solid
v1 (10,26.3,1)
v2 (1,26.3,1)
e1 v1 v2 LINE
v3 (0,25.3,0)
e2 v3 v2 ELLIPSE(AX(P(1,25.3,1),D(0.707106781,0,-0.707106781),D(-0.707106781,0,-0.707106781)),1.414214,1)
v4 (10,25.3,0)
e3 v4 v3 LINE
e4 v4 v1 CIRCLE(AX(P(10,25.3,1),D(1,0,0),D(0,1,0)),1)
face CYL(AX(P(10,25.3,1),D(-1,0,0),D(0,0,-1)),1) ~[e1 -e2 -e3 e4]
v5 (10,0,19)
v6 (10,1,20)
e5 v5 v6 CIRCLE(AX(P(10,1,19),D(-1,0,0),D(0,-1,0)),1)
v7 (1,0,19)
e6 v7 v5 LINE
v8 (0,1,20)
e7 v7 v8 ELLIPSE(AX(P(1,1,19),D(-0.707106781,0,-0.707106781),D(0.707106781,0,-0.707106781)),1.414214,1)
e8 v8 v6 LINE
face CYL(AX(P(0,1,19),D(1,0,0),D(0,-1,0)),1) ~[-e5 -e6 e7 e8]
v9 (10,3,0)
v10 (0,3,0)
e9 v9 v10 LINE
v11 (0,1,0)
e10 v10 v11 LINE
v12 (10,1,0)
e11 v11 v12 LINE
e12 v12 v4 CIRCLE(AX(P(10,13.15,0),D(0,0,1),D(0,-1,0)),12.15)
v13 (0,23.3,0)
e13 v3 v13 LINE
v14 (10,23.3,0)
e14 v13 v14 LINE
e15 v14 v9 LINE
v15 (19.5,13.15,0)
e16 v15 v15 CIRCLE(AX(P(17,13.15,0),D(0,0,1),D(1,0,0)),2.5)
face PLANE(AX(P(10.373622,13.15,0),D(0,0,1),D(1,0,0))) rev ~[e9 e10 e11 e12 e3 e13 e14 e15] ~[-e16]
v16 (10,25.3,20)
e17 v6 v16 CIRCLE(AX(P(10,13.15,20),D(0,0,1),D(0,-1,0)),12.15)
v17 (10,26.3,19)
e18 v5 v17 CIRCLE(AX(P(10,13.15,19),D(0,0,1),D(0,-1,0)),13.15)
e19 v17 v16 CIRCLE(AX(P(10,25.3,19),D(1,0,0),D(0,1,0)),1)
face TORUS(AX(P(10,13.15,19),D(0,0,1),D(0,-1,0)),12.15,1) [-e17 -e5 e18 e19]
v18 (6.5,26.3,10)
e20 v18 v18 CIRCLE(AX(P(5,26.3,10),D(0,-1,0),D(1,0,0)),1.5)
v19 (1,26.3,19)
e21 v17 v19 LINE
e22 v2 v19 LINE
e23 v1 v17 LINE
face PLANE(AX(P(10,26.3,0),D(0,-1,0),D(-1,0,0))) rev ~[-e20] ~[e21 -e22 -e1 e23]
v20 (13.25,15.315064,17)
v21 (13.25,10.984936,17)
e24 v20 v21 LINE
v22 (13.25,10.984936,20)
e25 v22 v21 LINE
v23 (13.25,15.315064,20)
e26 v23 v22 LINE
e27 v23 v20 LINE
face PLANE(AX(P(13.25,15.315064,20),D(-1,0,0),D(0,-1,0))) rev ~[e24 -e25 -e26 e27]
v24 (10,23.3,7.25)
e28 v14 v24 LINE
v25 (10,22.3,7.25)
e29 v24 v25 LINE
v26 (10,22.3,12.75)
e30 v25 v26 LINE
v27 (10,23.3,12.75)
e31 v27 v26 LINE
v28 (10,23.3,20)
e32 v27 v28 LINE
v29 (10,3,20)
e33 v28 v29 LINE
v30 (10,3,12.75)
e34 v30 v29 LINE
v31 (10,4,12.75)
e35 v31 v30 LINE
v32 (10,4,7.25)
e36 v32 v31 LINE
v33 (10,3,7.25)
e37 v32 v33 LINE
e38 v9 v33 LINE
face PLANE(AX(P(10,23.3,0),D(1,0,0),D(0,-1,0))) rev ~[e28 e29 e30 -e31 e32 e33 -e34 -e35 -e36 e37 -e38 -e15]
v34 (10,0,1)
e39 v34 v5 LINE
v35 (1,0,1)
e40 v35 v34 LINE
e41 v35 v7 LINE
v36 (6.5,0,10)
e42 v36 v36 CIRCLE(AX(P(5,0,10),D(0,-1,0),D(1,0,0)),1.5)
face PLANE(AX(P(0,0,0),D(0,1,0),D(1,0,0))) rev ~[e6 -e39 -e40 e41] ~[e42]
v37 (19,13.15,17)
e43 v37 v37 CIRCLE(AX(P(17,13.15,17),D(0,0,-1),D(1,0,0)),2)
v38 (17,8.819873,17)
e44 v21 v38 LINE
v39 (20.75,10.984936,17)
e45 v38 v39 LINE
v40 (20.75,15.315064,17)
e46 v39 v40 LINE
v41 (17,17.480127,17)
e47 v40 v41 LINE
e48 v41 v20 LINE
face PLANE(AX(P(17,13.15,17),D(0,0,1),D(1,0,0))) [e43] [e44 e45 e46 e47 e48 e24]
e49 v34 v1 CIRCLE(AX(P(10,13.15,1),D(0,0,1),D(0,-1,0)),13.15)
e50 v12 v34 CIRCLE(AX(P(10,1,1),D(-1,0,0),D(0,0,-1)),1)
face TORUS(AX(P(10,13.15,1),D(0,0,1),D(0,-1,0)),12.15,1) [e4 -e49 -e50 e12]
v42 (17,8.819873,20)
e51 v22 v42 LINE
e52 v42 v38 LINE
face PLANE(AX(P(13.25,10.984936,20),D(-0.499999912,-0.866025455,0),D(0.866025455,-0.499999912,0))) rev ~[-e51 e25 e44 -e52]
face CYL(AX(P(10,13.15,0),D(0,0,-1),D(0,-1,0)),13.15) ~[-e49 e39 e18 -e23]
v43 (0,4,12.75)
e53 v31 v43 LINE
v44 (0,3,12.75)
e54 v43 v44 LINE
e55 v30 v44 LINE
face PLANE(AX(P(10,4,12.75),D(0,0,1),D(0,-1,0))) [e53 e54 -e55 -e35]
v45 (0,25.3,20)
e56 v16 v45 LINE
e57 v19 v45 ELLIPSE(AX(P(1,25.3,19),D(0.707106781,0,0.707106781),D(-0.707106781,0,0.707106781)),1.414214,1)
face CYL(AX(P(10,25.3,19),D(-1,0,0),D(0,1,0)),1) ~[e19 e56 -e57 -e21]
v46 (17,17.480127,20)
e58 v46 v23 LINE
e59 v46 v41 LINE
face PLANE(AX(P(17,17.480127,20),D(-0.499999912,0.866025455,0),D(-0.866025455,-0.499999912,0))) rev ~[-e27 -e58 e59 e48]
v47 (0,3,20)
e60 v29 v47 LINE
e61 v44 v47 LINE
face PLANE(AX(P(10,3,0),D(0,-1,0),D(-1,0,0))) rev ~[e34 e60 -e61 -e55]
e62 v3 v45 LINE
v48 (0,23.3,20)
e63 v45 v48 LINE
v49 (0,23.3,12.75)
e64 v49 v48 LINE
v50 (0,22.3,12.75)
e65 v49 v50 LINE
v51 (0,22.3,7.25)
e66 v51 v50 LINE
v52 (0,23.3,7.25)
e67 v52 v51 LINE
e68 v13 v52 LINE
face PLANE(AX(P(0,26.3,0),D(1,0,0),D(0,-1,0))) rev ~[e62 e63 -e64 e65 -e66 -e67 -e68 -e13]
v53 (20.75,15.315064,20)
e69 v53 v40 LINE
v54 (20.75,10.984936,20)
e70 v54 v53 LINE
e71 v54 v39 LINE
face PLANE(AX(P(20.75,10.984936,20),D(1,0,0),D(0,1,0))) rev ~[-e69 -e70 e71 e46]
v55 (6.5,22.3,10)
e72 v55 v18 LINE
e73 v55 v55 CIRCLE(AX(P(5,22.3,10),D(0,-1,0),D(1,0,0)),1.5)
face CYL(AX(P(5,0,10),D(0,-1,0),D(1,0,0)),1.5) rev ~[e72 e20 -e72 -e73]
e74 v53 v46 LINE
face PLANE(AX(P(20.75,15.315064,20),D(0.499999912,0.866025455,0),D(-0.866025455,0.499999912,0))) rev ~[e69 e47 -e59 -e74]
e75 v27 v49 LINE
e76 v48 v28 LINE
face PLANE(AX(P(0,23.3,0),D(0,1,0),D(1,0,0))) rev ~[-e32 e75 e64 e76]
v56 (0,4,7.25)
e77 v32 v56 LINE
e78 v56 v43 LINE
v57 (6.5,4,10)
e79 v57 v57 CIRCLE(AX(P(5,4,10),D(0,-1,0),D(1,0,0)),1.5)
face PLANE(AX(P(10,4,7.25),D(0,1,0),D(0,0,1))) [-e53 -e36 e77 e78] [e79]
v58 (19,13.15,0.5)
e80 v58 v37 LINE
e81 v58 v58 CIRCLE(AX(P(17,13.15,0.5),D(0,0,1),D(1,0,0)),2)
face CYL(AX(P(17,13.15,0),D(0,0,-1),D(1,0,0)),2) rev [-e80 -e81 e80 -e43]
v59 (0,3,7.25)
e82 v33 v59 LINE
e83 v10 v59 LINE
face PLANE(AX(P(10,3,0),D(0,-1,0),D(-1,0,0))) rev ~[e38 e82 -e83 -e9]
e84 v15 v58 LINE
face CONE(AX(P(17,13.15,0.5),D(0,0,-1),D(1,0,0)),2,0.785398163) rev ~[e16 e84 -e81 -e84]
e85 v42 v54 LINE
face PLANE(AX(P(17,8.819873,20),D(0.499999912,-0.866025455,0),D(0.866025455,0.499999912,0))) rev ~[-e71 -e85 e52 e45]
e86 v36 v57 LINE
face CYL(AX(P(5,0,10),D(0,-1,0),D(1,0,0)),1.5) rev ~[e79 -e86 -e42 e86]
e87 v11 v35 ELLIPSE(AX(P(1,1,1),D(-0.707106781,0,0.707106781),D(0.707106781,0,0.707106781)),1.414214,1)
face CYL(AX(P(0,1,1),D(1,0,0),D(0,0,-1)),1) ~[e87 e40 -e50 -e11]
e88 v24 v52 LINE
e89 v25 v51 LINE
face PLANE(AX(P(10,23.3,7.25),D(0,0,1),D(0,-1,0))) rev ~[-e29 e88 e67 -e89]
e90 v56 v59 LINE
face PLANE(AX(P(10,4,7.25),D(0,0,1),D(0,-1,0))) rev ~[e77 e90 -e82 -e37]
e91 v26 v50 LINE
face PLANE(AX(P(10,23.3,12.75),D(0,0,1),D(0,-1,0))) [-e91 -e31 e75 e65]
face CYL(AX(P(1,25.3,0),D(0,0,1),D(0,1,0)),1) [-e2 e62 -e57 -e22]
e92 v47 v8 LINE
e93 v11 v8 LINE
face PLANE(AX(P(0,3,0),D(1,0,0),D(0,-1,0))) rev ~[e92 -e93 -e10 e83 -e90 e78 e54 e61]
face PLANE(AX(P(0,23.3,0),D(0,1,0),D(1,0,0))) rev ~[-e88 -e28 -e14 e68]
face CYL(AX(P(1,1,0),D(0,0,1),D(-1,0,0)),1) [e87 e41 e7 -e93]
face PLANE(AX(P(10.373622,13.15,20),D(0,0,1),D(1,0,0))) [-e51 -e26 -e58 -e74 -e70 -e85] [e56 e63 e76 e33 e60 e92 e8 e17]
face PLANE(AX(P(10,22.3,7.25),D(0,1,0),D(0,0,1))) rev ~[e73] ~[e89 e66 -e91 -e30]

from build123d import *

# Parameters (mm, degrees)
F0_R     = 2
F1_DEPTH = 20
F2_W     = 1
F2_H     = 5.5
F3_DEPTH = 10
F4_R     = 1.5
F5_DEPTH = 26.301
F6_SIZE  = 0.5
F7_R     = 1
F9_DEPTH = 3


with BuildPart() as f1:
    # F0 (on Top) → F1 (new body)
    with BuildSketch(Plane.XY):
        with BuildLine():
            Line((0, 3), (0, 0))
            Line((0, 0), (10, 0))
            ThreePointArc((10, 0), (23.15, 13.15), (10, 26.3))
            Line((10, 26.3), (0, 26.3))
            Line((0, 26.3), (0, 23.3))
            Line((0, 23.3), (10, 23.3))
            Line((10, 23.3), (10, 3))
            Line((10, 3), (0, 3))
        make_face()
        with Locations((17, 13.15)):
            Circle(F0_R, mode=Mode.SUBTRACT)
    extrude(amount=F1_DEPTH)

    # F2 (on face) → F3 (join, through all)
    with BuildSketch(Plane(origin=(10, 0, 0), x_dir=(0, -1, 0), z_dir=(-1, 0, 0))):
        with Locations((-22.8, 10)):
            Rectangle(F2_W, F2_H)
        with Locations((-3.5, 10)):
            Rectangle(F2_W, F2_H)
    extrude(amount=F3_DEPTH)

    # F4 (on face) → F5 (cut, through all)
    with BuildSketch(Plane.XZ):
        with Locations((5, 10)):
            Circle(F4_R)
    extrude(amount=-F5_DEPTH, mode=Mode.SUBTRACT)

    # F6
    f6_edges = [f1.edges().sort_by_distance(p)[0] for p in [
        (15, 13.15, 0),
    ]]
    chamfer(f6_edges, length=F6_SIZE)

    # F7
    f7_edges = [f1.edges().sort_by_distance(p)[0] for p in [
        (23.15, 13.15, 20),
        (23.15, 13.15, 0),
        (0, 0, 10),
        (0, 26.3, 10),
    ]]
    fillet(f7_edges, radius=F7_R)

    # F8 (on face) → F9 (cut)
    with BuildSketch(Plane.XY.offset(20)):
        Polygon((20.75, 10.984936), (20.75, 15.315064), (17, 17.480127), (13.25, 15.315064), (13.25, 10.984936), (17, 8.819873), align=None)
    extrude(amount=-F9_DEPTH, mode=Mode.SUBTRACT)


solid = f1.part
